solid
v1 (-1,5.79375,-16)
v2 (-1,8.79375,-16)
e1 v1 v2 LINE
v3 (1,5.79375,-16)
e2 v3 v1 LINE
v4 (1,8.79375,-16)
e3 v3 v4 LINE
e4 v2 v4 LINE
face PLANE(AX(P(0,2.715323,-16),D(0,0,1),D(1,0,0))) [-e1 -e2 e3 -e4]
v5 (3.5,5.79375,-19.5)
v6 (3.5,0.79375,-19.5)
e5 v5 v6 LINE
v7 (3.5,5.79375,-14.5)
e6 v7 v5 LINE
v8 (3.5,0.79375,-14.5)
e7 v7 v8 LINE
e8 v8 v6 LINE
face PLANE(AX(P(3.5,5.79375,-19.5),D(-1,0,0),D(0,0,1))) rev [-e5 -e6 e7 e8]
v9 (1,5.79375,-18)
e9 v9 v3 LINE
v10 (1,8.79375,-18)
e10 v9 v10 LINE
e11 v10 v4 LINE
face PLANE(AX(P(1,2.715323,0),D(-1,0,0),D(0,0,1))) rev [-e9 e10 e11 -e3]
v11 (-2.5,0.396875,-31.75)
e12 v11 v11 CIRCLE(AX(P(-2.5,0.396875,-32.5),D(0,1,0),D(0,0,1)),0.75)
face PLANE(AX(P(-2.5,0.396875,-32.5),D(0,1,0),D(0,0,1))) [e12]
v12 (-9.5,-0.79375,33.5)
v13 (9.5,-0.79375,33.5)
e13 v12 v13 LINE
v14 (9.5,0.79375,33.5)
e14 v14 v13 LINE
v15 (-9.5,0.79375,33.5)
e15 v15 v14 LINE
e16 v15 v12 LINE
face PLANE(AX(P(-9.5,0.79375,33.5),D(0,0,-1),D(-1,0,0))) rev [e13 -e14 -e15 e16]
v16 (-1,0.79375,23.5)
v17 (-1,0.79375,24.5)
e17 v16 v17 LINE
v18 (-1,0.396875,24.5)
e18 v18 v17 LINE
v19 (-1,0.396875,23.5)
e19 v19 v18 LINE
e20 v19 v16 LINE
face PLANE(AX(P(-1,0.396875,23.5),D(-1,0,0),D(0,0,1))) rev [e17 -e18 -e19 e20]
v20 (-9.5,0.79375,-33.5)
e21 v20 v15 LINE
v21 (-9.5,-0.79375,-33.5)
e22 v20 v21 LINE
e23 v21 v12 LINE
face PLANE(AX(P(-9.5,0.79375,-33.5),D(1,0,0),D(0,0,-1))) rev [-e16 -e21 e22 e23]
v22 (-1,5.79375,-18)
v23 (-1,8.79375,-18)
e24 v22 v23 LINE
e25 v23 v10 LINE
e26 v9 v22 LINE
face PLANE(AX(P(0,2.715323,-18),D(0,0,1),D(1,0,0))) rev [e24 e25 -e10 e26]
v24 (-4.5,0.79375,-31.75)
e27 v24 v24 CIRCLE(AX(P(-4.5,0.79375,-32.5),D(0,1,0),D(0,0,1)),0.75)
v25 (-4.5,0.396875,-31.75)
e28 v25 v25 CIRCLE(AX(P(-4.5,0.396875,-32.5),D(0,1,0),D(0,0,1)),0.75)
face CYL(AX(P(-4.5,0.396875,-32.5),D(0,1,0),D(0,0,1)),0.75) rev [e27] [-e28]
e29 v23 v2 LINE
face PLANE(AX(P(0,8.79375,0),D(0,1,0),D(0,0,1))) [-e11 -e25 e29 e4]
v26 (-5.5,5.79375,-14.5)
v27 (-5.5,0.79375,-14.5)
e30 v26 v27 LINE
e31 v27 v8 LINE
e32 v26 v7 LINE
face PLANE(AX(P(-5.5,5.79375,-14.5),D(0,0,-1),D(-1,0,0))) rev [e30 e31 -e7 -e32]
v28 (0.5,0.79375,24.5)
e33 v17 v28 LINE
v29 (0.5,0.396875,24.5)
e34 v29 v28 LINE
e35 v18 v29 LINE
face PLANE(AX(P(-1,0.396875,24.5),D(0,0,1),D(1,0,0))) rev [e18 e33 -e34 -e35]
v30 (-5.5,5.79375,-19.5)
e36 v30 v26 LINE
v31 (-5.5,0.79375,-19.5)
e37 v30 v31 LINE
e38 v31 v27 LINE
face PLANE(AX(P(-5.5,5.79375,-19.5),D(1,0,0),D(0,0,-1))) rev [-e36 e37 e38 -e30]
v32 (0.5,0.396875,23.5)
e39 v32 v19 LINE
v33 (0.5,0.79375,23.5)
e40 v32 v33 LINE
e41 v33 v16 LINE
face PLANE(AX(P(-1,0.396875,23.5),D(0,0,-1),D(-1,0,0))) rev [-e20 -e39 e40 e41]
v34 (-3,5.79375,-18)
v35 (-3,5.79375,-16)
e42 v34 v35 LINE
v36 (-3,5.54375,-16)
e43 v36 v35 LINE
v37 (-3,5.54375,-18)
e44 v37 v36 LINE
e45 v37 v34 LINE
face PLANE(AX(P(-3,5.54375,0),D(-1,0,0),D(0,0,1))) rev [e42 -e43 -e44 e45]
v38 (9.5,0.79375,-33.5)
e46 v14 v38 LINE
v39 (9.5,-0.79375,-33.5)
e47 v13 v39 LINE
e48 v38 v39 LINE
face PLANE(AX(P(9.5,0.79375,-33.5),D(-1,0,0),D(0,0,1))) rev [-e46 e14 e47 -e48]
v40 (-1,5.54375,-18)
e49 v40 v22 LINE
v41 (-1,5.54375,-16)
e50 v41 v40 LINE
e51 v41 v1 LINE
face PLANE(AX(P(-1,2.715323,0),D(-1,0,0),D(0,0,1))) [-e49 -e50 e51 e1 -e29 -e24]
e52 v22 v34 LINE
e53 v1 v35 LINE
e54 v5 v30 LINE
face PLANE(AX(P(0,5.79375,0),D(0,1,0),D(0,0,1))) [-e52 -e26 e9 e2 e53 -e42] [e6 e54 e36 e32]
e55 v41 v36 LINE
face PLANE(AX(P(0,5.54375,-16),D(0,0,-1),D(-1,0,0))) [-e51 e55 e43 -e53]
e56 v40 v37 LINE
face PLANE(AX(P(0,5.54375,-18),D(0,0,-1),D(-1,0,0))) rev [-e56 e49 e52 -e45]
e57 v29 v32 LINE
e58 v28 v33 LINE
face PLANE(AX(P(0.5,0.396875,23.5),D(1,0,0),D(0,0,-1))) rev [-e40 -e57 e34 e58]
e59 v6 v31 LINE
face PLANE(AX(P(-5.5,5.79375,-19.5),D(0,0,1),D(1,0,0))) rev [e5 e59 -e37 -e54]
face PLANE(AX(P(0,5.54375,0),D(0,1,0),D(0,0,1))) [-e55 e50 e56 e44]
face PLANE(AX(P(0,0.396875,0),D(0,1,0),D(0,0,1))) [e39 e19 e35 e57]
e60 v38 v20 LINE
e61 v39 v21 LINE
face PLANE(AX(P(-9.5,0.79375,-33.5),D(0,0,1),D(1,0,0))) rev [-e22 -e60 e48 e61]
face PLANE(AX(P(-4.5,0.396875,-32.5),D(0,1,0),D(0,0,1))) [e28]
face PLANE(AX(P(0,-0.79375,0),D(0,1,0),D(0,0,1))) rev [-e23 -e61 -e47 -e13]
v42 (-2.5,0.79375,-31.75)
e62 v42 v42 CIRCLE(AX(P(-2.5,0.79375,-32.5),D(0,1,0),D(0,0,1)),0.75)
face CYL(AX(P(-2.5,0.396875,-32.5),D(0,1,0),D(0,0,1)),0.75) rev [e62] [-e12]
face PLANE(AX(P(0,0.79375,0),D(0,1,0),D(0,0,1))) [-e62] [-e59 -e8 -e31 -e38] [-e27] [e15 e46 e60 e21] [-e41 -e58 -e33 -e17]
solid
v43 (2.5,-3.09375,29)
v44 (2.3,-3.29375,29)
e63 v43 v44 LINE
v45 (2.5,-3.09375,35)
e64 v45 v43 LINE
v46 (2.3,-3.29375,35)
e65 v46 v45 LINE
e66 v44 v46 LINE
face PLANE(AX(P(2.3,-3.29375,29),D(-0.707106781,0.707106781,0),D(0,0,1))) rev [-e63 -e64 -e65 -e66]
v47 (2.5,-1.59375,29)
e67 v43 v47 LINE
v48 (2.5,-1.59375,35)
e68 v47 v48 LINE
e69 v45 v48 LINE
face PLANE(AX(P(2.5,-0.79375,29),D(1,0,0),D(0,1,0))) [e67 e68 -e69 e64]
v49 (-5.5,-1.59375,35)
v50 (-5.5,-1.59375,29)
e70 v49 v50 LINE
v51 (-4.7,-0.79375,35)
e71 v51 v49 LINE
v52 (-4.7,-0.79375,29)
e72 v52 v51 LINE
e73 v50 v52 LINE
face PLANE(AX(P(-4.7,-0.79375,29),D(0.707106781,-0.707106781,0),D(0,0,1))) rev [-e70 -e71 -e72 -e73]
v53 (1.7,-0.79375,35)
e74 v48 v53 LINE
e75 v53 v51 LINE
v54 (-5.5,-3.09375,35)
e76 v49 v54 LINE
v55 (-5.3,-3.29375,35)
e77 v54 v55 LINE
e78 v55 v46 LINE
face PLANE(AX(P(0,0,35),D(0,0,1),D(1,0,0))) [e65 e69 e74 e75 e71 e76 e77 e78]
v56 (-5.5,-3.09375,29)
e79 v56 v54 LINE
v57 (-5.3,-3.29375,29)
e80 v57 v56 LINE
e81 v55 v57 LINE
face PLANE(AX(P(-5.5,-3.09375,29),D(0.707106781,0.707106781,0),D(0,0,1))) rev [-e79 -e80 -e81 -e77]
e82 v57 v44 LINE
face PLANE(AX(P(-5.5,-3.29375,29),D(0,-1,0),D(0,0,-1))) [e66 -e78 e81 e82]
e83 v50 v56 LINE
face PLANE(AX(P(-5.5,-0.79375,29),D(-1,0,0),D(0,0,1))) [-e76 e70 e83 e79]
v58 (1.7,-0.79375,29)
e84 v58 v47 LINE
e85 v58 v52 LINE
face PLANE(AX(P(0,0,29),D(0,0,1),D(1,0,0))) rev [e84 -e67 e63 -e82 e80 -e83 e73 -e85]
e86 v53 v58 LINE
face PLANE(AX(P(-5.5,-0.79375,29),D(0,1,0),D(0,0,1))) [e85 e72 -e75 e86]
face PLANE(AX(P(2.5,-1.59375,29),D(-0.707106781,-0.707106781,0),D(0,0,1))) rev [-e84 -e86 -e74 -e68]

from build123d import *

# Parameters (mm, degrees)
SKETCH1_W                = 19
SKETCH1_H                = 67
BOSS_EXTRUDE1_DEPTH      = 0.79375
SKETCH3_W                = 9
SKETCH3_H                = 5
BOSS_EXTRUDE2_DEPTH      = 5
SKETCH4_W                = 2
SKETCH4_H                = 2
CUT_EXTRUDE2_DEPTH       = 0.25
SKETCH4_3_W              = 2
SKETCH4_3_H              = 2
BOSS_EXTRUDE3_DEPTH      = 3
BOSS_EXTRUDE3_DEPTH_BACK = 6.5875
SKETCH5_W                = 8
SKETCH5_H                = 2.5
BOSS_EXTRUDE4_DEPTH      = 6
SKETCH2_R                = 0.75
SKETCH2_W                = 1.5
SKETCH2_H                = 1
CUT_EXTRUDE1_DEPTH       = 0.396875
CHAMFER1_SIZE            = 0.8
CHAMFER2_SIZE            = 0.2


with BuildPart() as part:
    # Sketch1 → Boss-Extrude1 (new body, symmetric)
    with BuildSketch(Plane(origin=(0, 0, 0), x_dir=(1, 0, 0), z_dir=(0, 1, 0))):
        Rectangle(SKETCH1_W, SKETCH1_H)
    extrude(amount=BOSS_EXTRUDE1_DEPTH, both=True)

    # Sketch3 → Boss-Extrude2 (add)
    with BuildSketch(Plane(origin=(0, 0.79375, 0), x_dir=(1, 0, 0), z_dir=(0, 1, 0))):
        with Locations((-1, 17)):
            Rectangle(SKETCH3_W, SKETCH3_H)
    extrude(amount=BOSS_EXTRUDE2_DEPTH)

    # Sketch4 → Cut-Extrude2 (cut)
    with BuildSketch(Plane(origin=(0, 5.79375, 0), x_dir=(1, 0, 0), z_dir=(0, 1, 0))):
        with Locations((-2, 17)):
            Rectangle(SKETCH4_W, SKETCH4_H)
        with Locations((0, 17)):
            Rectangle(SKETCH4_W, SKETCH4_H)
    extrude(amount=-CUT_EXTRUDE2_DEPTH, mode=Mode.SUBTRACT)

    # Sketch4<3> → Boss-Extrude3 (add, two sides)
    with BuildSketch(Plane(origin=(0, 5.79375, 0), x_dir=(1, 0, 0), z_dir=(0, 1, 0))) as boss_extrude3_sk:
        with Locations((0, 17)):
            Rectangle(SKETCH4_3_W, SKETCH4_3_H)
    extrude(amount=BOSS_EXTRUDE3_DEPTH)
    extrude(boss_extrude3_sk.sketch, amount=-BOSS_EXTRUDE3_DEPTH_BACK)

    # Sketch2 → Cut-Extrude1 (cut)
    with BuildSketch(Plane(origin=(0, 0.79375, 0), x_dir=(1, 0, 0), z_dir=(0, 1, 0))):
        with Locations((-4.5, 32.5)):
            Circle(SKETCH2_R)
        with Locations((-2.5, 32.5)):
            Circle(SKETCH2_R)
        with Locations((-0.25, -24)):
            Rectangle(SKETCH2_W, SKETCH2_H)
    extrude(amount=-CUT_EXTRUDE1_DEPTH, mode=Mode.SUBTRACT)


with BuildPart() as body_2:
    # Sketch5 → Boss-Extrude4 (new body)
    with BuildSketch(Plane.XY.offset(35)):
        with Locations((-1.5, -2.04375)):
            Rectangle(SKETCH5_W, SKETCH5_H)
    extrude(amount=-BOSS_EXTRUDE4_DEPTH)

    # Chamfer1
    chamfer1_edges = [body_2.edges().sort_by_distance(p)[0] for p in [
        (-5.5, -0.79375, 32),
        (2.5, -0.79375, 32),
    ]]
    chamfer(chamfer1_edges, length=CHAMFER1_SIZE)

    # Chamfer2
    chamfer2_edges = [body_2.edges().sort_by_distance(p)[0] for p in [
        (2.5, -3.29375, 32),
        (-5.5, -3.29375, 32),
    ]]
    chamfer(chamfer2_edges, length=CHAMFER2_SIZE)


solid = Compound([part.part, body_2.part])
